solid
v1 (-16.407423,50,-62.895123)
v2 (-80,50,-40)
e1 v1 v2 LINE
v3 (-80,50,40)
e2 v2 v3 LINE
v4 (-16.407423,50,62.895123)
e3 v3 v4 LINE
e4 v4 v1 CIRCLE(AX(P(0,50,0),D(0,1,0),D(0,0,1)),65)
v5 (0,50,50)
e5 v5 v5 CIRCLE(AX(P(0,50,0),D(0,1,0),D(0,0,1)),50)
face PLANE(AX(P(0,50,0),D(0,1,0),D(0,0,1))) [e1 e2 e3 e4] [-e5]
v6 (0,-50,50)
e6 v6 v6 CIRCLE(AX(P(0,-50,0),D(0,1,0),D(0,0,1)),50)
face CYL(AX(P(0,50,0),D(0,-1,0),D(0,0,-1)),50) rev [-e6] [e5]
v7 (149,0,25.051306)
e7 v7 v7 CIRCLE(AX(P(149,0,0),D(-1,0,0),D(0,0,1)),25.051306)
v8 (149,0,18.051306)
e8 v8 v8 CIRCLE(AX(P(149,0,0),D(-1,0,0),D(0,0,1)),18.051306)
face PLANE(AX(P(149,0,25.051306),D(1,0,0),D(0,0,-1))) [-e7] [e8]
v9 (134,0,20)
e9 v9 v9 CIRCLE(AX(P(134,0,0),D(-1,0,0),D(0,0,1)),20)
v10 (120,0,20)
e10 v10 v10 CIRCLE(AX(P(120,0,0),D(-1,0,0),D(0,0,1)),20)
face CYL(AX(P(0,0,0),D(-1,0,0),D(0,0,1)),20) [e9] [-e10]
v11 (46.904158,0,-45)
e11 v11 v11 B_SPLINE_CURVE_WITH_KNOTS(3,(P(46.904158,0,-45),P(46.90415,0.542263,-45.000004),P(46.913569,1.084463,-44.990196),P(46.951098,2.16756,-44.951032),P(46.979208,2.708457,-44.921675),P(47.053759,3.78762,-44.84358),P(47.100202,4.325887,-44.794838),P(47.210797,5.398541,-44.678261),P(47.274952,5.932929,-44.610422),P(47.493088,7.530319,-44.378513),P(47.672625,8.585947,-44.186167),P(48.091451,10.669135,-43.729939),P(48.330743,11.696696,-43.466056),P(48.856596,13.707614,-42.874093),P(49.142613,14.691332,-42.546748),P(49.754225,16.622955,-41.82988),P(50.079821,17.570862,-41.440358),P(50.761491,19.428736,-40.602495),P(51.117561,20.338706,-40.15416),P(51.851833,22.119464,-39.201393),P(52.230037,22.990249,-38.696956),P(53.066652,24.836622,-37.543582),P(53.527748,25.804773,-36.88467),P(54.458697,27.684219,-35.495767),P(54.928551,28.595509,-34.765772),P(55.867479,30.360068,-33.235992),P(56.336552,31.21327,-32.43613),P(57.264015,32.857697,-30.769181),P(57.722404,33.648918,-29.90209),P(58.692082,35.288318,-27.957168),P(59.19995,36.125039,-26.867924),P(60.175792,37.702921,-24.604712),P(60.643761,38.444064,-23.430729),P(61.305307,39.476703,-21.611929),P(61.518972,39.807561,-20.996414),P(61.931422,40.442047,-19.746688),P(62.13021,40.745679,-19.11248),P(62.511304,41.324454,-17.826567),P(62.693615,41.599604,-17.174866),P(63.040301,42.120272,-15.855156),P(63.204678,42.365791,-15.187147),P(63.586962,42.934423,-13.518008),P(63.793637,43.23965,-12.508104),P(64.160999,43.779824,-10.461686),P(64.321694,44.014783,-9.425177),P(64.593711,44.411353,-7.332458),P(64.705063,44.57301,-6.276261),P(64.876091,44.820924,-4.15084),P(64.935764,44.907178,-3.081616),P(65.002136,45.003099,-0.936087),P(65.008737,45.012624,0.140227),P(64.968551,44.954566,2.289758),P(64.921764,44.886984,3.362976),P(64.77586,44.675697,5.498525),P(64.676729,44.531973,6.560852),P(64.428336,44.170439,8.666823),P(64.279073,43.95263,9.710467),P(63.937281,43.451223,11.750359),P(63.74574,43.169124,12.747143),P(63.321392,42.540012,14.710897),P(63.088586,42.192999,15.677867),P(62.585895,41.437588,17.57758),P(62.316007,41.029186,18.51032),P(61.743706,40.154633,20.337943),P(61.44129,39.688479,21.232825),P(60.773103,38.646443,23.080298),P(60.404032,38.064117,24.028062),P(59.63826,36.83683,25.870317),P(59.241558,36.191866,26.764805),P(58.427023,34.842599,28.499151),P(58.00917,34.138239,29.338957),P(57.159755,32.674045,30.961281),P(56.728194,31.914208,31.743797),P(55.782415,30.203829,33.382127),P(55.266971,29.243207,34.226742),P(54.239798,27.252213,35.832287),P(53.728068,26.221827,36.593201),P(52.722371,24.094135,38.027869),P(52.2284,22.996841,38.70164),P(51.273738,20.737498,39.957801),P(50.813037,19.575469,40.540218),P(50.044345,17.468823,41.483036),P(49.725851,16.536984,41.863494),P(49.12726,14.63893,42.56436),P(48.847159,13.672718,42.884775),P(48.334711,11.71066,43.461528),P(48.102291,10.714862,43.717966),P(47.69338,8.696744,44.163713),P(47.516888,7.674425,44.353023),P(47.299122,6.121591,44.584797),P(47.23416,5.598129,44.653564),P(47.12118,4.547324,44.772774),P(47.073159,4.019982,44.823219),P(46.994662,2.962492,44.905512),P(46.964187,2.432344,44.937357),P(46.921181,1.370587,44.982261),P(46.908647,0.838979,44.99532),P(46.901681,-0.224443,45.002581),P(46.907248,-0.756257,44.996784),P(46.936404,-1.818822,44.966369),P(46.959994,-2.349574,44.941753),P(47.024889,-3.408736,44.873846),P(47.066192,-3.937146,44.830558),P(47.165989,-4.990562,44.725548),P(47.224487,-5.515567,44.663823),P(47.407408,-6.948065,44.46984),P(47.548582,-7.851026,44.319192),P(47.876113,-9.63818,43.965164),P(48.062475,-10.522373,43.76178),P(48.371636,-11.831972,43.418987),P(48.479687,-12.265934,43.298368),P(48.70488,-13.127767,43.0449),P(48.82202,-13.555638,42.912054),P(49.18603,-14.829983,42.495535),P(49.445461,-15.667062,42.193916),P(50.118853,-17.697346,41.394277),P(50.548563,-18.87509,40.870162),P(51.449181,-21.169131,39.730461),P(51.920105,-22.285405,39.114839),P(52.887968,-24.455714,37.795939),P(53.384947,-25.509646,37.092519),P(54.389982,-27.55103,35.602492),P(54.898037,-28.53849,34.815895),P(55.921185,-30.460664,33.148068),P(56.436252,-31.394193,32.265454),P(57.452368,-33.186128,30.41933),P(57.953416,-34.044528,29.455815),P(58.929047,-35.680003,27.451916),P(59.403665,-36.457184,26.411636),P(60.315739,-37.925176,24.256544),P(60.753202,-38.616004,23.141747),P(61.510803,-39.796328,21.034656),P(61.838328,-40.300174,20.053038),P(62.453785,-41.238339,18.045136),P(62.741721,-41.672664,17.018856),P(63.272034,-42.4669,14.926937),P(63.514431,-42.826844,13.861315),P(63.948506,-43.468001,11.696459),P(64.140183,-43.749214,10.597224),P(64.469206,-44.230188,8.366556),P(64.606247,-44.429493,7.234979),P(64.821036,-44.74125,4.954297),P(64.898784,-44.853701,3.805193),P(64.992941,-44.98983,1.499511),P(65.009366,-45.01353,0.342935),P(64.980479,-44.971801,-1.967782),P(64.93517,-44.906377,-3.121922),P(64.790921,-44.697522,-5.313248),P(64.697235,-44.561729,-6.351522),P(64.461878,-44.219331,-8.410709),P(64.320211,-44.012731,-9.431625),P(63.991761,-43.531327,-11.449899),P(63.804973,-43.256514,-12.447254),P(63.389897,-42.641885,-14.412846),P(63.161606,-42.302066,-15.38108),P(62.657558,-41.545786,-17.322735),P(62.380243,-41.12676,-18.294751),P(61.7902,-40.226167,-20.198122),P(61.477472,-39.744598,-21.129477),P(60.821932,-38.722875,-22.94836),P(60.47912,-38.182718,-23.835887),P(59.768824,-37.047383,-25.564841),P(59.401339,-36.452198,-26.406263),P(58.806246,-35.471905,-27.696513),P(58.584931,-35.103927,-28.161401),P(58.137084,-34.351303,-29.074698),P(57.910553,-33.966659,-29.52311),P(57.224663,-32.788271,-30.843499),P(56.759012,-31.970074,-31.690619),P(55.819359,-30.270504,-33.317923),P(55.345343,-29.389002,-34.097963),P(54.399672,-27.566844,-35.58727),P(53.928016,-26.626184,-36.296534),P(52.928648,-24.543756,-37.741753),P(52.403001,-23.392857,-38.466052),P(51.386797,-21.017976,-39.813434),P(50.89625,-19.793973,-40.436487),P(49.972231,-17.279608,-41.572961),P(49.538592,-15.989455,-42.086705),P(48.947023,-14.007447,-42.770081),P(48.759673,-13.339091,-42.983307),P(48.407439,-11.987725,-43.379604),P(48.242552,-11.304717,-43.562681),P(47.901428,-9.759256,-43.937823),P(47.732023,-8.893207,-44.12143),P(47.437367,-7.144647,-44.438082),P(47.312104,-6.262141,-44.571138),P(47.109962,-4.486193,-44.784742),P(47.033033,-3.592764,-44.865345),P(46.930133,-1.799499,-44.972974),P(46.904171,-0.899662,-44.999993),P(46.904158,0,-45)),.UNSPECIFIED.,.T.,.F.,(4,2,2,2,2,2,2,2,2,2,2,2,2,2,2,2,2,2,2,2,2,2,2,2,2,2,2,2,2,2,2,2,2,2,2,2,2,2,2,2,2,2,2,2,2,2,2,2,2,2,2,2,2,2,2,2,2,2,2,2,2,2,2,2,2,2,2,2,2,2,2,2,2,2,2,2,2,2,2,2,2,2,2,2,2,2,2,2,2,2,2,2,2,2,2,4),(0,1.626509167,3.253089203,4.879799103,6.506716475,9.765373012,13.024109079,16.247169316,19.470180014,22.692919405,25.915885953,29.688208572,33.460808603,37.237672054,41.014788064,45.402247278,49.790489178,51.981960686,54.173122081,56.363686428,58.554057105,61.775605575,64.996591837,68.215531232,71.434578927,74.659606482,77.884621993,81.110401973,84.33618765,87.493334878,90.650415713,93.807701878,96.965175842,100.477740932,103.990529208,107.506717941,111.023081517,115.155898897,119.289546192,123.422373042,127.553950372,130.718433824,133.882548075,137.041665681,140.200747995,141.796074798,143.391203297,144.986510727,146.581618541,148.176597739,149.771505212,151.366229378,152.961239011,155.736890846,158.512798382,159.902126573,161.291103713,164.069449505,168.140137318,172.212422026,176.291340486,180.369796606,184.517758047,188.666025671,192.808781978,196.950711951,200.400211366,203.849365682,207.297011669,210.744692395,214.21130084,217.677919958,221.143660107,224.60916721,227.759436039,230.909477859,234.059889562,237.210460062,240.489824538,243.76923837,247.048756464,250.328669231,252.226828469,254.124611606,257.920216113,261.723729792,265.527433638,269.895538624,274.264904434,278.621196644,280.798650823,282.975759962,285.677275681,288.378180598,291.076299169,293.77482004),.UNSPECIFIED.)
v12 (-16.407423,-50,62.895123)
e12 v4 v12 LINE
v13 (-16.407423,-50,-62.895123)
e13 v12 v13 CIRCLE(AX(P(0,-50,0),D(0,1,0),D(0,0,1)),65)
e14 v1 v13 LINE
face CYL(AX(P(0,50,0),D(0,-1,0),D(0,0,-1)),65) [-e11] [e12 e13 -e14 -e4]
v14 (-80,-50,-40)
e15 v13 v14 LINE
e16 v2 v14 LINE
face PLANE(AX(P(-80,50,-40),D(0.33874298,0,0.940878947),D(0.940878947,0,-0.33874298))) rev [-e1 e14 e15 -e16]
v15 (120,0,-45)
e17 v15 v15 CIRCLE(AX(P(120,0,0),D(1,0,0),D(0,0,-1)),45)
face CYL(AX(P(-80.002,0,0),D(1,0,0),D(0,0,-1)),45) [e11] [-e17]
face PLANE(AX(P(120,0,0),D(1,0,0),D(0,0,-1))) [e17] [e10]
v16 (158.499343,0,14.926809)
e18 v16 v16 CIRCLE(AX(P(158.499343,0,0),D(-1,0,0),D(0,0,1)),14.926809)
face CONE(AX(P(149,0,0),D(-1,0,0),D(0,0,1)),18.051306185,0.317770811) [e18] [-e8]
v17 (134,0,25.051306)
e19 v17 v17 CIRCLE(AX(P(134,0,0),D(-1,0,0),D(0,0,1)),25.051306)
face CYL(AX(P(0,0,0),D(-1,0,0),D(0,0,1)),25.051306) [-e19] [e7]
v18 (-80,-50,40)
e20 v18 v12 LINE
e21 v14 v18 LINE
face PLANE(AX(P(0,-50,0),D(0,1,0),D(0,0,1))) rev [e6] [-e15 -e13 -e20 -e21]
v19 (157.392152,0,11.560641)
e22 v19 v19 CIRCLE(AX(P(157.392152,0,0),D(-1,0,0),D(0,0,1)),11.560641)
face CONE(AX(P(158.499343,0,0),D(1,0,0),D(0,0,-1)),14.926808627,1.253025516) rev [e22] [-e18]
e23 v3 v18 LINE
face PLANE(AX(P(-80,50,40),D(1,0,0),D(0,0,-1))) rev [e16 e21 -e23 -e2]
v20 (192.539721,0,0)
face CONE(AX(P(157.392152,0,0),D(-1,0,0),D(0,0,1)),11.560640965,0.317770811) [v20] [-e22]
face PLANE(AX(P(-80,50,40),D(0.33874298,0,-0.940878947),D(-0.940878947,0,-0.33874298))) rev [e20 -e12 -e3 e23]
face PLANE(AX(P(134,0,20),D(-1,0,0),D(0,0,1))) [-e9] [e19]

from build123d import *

# Parameters (mm, degrees)
SKETCH1_R           = 50
BOSS_EXTRUDE1_DEPTH = 50
BOSS_EXTRUDE2_REACH = 202
SKETCH2_R           = 45


with BuildPart() as part:
    # Sketch1 → Boss-Extrude1 (new body, symmetric)
    with BuildSketch(Plane(origin=(0, 0, 0), x_dir=(1, 0, 0), z_dir=(0, 1, 0))):
        with BuildLine():
            Line((-80, -40), (-80, 40))
            Line((-80, 40), (-16.407423315, 62.895122706))
            ThreePointArc((-16.407423315, 62.895122706), (65, 0), (-16.407423315, -62.895122706))
            Line((-16.407423315, -62.895122706), (-80, -40))
        make_face()
        Circle(SKETCH1_R, mode=Mode.SUBTRACT)
    extrude(amount=BOSS_EXTRUDE1_DEPTH, both=True)

    # Sketch2 → Boss-Extrude2 (add, up to next)
    with BuildSketch(Plane(origin=(120, 0, 0), x_dir=(0, 0, -1), z_dir=(1, 0, 0)), mode=Mode.PRIVATE) as boss_extrude2_sk1:
        Circle(SKETCH2_R)
    boss_extrude2_tool1 = extrude(boss_extrude2_sk1.sketch, amount=-BOSS_EXTRUDE2_REACH, mode=Mode.PRIVATE) - part.part
    add(boss_extrude2_tool1.solids().sort_by_distance((120, 0, 0))[0])

    # Sketch3 → Revolve1 (revolve)
    with BuildSketch(Plane(origin=(0, 0, 0), x_dir=(1, 0, 0), z_dir=(0, 1, 0))):
        Polygon((120, 0), (120, -20), (134, -20), (134, -25.051306185), (149, -25.051306185), (149, -18.051306185), (158.499342873, -14.926808627), (157.392152325, -11.560640965), (192.539720953, 0), align=None)
    revolve(axis=Axis((0, 0, 0), (1, 0, 0)))


solid = part.part
